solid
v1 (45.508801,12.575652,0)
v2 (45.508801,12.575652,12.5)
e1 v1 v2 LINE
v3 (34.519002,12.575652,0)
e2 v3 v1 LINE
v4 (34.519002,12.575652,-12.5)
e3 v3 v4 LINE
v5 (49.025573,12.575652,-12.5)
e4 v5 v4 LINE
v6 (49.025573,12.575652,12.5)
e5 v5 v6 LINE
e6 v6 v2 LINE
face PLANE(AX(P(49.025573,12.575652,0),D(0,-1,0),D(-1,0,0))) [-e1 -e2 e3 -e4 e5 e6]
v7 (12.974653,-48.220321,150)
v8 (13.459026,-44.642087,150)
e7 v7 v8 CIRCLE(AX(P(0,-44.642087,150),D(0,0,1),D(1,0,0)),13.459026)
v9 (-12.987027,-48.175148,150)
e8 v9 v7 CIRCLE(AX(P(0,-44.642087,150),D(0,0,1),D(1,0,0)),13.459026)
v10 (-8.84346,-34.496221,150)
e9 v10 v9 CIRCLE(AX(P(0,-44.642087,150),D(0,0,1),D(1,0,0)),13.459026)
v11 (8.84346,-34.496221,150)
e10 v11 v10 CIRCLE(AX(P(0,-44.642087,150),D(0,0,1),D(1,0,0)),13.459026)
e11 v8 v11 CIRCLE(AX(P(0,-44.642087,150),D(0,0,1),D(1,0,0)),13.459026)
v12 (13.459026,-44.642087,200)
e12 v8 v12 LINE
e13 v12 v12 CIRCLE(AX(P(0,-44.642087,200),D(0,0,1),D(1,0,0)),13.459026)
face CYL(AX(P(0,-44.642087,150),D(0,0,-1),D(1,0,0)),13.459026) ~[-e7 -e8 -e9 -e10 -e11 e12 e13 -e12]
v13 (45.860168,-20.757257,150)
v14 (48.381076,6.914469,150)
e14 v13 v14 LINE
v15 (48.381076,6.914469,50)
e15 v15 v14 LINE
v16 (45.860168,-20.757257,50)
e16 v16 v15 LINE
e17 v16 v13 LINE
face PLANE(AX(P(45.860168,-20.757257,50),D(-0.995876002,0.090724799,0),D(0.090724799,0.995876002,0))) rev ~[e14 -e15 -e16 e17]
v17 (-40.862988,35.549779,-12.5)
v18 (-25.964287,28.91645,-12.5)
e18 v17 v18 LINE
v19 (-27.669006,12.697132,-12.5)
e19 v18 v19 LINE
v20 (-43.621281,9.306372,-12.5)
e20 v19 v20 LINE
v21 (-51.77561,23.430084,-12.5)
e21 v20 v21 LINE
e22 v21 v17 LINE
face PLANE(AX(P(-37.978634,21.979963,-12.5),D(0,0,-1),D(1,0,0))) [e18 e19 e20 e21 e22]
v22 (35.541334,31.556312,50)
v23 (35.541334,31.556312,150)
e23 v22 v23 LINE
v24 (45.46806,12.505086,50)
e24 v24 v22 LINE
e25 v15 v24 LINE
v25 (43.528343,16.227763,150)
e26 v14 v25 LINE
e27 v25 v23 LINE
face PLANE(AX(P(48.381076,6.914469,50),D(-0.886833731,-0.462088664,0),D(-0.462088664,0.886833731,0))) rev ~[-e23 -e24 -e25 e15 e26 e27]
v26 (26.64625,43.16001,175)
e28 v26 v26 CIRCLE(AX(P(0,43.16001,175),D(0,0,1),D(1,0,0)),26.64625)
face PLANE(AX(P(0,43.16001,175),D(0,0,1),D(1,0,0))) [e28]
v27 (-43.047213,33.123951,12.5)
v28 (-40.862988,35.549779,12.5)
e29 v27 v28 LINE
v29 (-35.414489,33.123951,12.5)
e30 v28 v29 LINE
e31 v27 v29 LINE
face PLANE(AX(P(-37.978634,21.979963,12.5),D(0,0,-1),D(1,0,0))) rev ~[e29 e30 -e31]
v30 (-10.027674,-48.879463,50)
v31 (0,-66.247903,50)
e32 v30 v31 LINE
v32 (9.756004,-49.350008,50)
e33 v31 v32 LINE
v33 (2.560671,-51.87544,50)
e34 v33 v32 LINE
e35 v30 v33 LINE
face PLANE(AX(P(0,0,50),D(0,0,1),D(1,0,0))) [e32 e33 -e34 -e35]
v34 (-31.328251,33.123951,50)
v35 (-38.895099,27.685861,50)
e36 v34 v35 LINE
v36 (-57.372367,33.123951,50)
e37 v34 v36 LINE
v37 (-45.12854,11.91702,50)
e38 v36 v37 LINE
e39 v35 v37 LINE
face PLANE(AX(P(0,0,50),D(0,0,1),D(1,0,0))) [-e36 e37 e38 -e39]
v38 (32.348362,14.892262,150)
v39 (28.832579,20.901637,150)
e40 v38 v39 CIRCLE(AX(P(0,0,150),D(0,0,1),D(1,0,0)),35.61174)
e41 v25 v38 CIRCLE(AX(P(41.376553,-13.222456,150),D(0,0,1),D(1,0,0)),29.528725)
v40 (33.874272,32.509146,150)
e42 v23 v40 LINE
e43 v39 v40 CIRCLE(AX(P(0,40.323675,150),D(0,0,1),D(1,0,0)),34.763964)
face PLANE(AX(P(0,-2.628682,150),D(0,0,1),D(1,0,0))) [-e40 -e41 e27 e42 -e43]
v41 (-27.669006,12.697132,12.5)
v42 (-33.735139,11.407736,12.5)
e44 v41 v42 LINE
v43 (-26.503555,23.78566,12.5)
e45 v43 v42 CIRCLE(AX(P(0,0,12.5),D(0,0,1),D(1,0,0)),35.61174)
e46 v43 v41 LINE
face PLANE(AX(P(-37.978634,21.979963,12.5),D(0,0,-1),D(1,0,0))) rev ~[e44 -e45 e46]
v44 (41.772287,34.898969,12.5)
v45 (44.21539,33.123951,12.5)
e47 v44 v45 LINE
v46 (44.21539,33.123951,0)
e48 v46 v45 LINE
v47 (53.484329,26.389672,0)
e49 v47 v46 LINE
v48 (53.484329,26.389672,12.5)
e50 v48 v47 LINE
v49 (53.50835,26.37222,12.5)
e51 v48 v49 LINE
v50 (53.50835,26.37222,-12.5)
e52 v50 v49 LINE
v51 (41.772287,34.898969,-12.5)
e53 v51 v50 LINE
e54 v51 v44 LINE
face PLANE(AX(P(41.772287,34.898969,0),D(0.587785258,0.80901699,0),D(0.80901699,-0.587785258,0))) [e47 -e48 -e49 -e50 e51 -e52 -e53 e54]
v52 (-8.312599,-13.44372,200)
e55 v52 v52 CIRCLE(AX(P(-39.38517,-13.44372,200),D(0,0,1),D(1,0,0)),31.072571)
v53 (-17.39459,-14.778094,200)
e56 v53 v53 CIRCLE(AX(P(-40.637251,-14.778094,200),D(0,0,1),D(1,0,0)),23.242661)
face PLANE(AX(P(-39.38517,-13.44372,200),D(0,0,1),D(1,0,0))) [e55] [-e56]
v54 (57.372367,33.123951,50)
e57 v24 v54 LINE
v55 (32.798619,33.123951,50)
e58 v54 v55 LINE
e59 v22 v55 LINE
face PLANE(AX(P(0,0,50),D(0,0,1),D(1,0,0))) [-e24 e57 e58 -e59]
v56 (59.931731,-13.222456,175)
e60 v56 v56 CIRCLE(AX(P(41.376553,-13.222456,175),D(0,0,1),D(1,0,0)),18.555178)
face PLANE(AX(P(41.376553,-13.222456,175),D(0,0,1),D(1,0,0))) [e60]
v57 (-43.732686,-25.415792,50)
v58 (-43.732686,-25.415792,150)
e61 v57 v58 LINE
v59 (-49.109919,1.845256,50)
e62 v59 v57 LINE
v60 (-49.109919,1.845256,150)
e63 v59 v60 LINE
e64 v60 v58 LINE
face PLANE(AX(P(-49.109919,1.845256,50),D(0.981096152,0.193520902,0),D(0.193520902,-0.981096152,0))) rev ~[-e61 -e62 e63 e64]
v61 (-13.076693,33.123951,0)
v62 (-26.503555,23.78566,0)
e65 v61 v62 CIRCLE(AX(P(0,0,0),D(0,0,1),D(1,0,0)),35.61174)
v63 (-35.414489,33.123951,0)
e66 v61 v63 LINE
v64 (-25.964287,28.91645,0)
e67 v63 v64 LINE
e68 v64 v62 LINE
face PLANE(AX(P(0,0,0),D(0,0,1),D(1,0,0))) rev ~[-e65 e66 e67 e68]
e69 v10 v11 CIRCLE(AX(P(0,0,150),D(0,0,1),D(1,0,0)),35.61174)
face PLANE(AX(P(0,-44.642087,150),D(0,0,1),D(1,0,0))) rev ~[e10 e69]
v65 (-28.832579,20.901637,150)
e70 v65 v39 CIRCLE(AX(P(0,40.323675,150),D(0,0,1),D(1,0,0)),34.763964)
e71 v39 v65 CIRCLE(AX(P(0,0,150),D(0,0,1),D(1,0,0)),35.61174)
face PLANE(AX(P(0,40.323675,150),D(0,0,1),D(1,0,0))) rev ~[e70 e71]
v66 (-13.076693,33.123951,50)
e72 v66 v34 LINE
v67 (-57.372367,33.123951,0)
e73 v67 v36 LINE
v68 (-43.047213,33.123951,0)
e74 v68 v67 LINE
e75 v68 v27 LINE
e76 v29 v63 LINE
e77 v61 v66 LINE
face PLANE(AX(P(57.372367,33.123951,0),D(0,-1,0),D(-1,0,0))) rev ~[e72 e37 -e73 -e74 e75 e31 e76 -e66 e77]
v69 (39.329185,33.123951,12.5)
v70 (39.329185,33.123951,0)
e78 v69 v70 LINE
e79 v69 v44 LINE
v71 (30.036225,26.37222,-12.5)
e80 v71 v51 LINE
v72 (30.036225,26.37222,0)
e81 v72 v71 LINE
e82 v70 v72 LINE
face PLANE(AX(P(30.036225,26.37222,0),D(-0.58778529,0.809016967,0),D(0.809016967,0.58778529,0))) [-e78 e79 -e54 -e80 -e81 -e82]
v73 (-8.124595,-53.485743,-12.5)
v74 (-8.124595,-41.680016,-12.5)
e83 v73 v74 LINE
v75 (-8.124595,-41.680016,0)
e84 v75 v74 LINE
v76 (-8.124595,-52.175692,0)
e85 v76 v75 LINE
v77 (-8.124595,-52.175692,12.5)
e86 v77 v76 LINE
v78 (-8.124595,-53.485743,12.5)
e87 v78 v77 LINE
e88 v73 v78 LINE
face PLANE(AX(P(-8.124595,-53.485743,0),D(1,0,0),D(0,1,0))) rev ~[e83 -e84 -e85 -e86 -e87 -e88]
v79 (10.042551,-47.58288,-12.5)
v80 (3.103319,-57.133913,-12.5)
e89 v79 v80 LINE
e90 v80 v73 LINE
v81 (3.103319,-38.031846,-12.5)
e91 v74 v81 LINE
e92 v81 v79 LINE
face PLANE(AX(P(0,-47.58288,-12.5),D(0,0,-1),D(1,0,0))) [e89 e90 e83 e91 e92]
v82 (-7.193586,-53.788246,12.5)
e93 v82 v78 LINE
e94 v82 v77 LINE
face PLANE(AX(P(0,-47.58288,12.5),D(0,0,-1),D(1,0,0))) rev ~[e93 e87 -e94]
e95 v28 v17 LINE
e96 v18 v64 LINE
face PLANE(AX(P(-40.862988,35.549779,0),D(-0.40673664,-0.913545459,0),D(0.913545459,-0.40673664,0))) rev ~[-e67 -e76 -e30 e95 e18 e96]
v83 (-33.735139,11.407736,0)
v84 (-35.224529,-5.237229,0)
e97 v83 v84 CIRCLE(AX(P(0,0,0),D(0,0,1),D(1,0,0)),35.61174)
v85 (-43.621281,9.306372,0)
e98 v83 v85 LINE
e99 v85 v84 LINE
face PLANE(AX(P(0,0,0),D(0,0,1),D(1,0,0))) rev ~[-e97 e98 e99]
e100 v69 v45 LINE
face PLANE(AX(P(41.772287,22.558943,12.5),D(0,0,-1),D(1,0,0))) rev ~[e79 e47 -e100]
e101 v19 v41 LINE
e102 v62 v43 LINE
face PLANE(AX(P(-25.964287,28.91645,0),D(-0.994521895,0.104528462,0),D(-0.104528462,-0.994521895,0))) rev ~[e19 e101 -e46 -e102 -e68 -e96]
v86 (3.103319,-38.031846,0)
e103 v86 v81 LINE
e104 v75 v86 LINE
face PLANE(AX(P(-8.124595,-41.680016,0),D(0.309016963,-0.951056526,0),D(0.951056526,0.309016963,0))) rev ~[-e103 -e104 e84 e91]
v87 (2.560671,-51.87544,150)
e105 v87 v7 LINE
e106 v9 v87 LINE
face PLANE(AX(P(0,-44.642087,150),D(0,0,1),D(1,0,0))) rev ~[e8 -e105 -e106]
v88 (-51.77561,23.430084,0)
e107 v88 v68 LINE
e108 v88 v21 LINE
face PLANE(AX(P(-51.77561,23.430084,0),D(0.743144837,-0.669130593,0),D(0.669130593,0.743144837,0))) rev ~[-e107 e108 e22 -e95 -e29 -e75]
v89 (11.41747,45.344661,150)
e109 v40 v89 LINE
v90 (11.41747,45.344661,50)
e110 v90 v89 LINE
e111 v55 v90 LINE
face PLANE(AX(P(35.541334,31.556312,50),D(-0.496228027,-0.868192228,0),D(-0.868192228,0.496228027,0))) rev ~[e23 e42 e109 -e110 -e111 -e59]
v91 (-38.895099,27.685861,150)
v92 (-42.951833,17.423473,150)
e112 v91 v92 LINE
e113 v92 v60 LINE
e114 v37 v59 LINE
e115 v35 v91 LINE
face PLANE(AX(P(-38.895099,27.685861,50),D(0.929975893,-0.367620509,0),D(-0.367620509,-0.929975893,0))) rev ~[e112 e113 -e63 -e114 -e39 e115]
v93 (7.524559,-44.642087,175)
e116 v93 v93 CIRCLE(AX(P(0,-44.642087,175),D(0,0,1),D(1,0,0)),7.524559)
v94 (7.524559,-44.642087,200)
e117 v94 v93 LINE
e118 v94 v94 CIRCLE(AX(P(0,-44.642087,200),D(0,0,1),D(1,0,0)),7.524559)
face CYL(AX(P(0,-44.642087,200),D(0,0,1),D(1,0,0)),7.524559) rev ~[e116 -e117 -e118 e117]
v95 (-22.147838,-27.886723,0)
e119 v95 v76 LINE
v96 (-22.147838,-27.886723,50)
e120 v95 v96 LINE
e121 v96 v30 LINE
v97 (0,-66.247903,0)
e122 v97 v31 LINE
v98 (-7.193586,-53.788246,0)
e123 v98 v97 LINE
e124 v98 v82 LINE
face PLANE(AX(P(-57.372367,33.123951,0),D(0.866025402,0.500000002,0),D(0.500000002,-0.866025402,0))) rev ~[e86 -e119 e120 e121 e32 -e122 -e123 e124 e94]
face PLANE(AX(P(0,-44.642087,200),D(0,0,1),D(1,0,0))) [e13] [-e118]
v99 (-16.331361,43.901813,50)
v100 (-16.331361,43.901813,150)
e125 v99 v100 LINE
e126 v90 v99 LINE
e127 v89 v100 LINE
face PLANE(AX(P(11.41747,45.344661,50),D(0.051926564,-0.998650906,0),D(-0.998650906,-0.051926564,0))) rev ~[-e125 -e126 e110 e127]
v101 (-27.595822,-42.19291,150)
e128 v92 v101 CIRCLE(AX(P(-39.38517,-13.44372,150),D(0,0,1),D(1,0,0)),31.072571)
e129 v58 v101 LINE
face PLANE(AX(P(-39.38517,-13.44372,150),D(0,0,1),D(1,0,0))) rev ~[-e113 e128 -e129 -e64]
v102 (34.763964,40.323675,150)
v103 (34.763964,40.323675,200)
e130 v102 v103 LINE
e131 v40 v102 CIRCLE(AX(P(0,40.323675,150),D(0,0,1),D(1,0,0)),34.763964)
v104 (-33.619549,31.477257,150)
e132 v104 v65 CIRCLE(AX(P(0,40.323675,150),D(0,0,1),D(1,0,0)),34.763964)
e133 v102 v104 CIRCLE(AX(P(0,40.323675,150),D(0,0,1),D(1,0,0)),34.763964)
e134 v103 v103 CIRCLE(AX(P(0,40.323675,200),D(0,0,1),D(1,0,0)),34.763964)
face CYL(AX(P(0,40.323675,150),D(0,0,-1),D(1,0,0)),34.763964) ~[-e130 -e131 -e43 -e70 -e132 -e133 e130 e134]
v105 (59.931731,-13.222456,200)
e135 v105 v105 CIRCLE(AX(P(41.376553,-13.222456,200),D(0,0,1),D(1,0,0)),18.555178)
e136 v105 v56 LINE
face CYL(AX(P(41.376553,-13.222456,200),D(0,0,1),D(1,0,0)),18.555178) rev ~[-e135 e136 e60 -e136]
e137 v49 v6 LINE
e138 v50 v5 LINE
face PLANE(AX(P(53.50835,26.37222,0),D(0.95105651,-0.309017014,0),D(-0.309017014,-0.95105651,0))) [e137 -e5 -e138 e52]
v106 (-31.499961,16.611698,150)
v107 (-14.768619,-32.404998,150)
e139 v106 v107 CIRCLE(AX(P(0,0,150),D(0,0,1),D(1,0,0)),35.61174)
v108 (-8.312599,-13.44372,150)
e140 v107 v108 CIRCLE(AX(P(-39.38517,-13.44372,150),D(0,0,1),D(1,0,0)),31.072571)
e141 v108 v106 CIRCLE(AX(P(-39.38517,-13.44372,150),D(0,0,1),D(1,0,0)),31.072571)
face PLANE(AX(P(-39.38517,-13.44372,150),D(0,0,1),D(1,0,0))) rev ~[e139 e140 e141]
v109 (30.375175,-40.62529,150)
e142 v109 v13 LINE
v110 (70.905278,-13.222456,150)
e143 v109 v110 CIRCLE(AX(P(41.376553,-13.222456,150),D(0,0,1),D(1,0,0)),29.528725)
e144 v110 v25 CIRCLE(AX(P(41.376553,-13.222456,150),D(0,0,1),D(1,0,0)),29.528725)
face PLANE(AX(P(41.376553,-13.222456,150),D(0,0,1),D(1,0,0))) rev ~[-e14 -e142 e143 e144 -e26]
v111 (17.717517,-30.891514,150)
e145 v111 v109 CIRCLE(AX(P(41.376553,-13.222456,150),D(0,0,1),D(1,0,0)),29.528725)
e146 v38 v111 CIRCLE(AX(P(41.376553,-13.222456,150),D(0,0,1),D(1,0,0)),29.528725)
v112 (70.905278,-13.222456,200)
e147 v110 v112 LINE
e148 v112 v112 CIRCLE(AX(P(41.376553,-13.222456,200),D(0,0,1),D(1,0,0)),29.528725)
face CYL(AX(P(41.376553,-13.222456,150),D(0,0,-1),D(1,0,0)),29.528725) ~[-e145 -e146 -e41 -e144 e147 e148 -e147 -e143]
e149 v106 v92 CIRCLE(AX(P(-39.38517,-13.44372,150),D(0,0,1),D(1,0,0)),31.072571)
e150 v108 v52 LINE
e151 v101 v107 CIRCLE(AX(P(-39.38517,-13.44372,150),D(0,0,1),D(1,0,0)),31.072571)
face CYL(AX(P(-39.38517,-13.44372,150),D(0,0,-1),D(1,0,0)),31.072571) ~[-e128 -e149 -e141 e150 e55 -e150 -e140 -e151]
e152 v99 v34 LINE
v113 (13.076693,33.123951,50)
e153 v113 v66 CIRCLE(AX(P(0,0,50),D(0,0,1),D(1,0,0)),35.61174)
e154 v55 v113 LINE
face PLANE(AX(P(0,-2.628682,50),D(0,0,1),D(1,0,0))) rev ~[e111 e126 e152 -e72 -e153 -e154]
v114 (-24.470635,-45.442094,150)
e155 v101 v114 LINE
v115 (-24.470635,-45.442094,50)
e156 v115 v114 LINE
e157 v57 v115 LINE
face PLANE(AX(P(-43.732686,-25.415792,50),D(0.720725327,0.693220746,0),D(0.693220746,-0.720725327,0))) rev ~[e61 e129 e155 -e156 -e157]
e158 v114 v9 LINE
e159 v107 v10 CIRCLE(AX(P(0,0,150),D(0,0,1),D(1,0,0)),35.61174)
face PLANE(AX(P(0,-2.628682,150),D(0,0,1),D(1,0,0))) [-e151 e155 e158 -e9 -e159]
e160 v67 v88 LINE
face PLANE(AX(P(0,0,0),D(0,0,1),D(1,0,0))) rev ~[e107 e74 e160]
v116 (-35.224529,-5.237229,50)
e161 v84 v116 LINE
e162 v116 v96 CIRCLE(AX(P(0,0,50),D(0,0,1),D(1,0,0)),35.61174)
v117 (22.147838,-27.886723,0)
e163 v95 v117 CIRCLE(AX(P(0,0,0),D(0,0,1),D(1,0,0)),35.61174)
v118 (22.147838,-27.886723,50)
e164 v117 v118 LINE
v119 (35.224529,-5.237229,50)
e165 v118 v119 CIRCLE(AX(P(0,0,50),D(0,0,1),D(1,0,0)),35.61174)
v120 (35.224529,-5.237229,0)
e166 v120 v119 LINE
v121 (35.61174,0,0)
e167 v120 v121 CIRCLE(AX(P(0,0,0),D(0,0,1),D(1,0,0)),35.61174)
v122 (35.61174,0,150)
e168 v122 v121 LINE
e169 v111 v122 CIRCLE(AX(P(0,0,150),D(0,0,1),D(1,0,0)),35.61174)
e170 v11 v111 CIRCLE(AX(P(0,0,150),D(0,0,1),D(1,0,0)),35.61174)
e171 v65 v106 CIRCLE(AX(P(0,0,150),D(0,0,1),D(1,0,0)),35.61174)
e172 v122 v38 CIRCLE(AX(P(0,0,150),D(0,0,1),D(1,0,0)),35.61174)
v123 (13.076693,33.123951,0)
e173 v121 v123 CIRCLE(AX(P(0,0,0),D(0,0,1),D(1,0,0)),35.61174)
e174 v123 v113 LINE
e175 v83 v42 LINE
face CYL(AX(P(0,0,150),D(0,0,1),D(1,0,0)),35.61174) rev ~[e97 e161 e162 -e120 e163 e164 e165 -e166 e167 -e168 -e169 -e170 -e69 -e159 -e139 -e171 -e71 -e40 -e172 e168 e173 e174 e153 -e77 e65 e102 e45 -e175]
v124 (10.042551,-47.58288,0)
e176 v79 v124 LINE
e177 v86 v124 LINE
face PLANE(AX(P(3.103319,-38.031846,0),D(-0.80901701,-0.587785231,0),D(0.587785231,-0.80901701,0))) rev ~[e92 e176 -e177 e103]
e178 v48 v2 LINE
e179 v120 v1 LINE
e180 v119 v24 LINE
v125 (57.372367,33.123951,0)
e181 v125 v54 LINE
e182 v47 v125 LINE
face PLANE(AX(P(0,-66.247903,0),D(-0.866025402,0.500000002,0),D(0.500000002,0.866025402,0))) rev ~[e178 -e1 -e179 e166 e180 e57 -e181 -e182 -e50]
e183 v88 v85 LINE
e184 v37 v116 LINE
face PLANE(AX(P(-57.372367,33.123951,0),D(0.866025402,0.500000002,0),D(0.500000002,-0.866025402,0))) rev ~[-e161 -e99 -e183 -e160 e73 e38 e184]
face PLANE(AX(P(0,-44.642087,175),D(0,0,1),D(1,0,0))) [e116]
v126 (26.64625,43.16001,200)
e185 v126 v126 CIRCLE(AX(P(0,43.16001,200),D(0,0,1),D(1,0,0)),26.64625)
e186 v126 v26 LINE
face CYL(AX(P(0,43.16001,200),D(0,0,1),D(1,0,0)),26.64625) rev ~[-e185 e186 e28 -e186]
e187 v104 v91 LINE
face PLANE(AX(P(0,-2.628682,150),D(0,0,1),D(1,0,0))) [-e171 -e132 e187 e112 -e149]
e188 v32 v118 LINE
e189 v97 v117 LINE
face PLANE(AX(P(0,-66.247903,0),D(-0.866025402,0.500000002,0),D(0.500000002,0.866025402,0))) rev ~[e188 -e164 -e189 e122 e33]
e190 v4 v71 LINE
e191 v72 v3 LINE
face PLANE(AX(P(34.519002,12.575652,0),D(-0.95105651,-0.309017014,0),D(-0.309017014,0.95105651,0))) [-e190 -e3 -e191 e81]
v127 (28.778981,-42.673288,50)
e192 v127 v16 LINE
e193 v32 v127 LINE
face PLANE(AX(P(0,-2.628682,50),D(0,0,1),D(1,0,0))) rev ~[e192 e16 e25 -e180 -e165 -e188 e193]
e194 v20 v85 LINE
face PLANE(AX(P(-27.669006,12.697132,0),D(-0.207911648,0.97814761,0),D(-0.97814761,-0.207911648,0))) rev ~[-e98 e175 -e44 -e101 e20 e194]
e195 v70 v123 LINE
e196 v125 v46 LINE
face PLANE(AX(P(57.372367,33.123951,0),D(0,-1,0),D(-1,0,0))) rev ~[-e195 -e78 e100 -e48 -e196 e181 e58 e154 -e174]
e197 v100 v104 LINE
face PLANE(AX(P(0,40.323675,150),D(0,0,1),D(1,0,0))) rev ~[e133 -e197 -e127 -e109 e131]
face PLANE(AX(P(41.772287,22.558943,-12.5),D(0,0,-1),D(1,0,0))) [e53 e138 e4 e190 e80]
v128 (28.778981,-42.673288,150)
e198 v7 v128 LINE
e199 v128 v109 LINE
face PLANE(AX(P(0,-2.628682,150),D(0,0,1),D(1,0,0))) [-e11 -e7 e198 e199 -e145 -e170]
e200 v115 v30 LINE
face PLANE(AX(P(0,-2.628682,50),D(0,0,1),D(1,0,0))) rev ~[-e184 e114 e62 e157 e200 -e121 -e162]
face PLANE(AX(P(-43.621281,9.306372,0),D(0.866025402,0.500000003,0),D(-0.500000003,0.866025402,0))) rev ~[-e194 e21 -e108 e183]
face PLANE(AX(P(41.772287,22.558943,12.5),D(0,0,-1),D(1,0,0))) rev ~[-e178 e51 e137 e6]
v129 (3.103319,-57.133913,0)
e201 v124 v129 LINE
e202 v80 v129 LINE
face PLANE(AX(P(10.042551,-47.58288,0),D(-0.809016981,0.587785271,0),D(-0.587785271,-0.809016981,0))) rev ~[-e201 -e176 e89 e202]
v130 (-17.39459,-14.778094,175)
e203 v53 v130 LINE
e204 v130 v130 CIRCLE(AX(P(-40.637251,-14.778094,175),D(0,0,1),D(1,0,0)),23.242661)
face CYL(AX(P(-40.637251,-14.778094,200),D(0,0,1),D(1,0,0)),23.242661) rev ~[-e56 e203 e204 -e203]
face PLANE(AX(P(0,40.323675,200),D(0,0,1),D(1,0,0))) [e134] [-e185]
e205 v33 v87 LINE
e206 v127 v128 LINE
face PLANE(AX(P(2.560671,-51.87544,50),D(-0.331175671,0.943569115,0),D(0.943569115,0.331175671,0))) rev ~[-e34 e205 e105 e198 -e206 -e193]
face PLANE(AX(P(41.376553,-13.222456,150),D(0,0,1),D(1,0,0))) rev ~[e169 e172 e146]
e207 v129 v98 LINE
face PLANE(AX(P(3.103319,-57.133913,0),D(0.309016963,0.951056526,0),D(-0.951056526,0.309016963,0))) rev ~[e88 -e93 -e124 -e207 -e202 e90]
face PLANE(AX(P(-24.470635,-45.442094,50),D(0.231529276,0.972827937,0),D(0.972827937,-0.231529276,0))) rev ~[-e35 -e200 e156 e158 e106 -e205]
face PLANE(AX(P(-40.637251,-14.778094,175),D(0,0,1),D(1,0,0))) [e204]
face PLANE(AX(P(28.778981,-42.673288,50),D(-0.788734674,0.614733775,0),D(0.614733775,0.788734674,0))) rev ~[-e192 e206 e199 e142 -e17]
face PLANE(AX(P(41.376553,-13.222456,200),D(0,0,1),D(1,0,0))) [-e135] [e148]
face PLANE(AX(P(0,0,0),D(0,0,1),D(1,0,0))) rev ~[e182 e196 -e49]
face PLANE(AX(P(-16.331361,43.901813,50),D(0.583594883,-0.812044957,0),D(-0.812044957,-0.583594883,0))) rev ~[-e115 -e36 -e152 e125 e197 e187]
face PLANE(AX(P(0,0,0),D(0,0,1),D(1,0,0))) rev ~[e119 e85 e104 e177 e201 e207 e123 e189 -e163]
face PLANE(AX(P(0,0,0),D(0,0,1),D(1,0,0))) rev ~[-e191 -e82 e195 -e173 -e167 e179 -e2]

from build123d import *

# Parameters (mm, degrees)
F1_DEPTH  = 50
F3_DEPTH  = 100
F4_R      = 35.61174
F5_DEPTH  = 150.001
F6_R      = 34.763964
F6_R_2    = 13.459026
F6_R_3    = 29.528725
F6_R_4    = 31.072571
F7_DEPTH  = 50
F9_DEPTH  = 12.5
F10_R     = 7.524559
F11_DEPTH = 25
F12_R     = 18.555178
F12_R_2   = 23.242661
F12_R_3   = 26.64625
F13_DEPTH = 25


with BuildPart() as f1:
    # F0 (on Top) → F1 (new body)
    with BuildSketch(Plane.XY):
        Polygon((57.372367, 33.123951), (-57.372367, 33.123951), (0, -66.247903), align=None)
    extrude(amount=F1_DEPTH)

    # F2 (on face) → F3 (join)
    with BuildSketch(Plane.XY.offset(50)):
        Polygon((35.541334, 31.556312), (11.41747, 45.344661), (-16.331361, 43.901813), (-38.895099, 27.685861), (-49.109919, 1.845256), (-43.732686, -25.415792), (-24.470635, -45.442094), (2.560671, -51.87544), (28.778981, -42.673288), (45.860168, -20.757257), (48.381076, 6.914469), align=None)
    extrude(amount=F3_DEPTH)

    # F4 (on face) → F5 (cut, through all)
    with BuildSketch(Plane.XY.offset(150)):
        Circle(F4_R)
    extrude(amount=-F5_DEPTH, mode=Mode.SUBTRACT)

    # F6 (on face) → F7 (join)
    with BuildSketch(Plane.XY.offset(150)):
        with Locations((0, 40.323675)):
            Circle(F6_R)
        with Locations((0, -44.642087)):
            Circle(F6_R_2)
        with Locations((41.376553, -13.222456)):
            Circle(F6_R_3)
        with Locations((-39.38517, -13.44372)):
            Circle(F6_R_4)
    extrude(amount=F7_DEPTH)

    # F8 (on face) → F9 (join, symmetric)
    with BuildSketch(Plane(origin=(0, 0, 0), x_dir=(1, 0, 0), z_dir=(0, 0, -1))):
        Polygon((-43.621281, -9.306372), (-51.77561, -23.430084), (-40.862988, -35.549779), (-25.964287, -28.91645), (-27.669006, -12.697132), align=None)
        Polygon((-8.124595, 53.485743), (-8.124595, 41.680016), (3.103319, 38.031846), (10.042551, 47.58288), (3.103319, 57.133913), align=None)
        Polygon((49.025573, -12.575652), (34.519002, -12.575652), (30.036225, -26.37222), (41.772287, -34.898969), (53.50835, -26.37222), align=None)
    extrude(amount=F9_DEPTH, both=True)

    # F10 (on face) → F11 (cut)
    with BuildSketch(Plane.XY.offset(200)):
        with Locations((0, -44.642087)):
            Circle(F10_R)
    extrude(amount=-F11_DEPTH, mode=Mode.SUBTRACT)

    # F12 (on face) → F13 (cut)
    with BuildSketch(Plane.XY.offset(200)):
        with Locations((41.376553, -13.222456)):
            Circle(F12_R)
        with Locations((-40.637251, -14.778094)):
            Circle(F12_R_2)
        with Locations((0, 43.16001)):
            Circle(F12_R_3)
    extrude(amount=-F13_DEPTH, mode=Mode.SUBTRACT)


solid = f1.part
